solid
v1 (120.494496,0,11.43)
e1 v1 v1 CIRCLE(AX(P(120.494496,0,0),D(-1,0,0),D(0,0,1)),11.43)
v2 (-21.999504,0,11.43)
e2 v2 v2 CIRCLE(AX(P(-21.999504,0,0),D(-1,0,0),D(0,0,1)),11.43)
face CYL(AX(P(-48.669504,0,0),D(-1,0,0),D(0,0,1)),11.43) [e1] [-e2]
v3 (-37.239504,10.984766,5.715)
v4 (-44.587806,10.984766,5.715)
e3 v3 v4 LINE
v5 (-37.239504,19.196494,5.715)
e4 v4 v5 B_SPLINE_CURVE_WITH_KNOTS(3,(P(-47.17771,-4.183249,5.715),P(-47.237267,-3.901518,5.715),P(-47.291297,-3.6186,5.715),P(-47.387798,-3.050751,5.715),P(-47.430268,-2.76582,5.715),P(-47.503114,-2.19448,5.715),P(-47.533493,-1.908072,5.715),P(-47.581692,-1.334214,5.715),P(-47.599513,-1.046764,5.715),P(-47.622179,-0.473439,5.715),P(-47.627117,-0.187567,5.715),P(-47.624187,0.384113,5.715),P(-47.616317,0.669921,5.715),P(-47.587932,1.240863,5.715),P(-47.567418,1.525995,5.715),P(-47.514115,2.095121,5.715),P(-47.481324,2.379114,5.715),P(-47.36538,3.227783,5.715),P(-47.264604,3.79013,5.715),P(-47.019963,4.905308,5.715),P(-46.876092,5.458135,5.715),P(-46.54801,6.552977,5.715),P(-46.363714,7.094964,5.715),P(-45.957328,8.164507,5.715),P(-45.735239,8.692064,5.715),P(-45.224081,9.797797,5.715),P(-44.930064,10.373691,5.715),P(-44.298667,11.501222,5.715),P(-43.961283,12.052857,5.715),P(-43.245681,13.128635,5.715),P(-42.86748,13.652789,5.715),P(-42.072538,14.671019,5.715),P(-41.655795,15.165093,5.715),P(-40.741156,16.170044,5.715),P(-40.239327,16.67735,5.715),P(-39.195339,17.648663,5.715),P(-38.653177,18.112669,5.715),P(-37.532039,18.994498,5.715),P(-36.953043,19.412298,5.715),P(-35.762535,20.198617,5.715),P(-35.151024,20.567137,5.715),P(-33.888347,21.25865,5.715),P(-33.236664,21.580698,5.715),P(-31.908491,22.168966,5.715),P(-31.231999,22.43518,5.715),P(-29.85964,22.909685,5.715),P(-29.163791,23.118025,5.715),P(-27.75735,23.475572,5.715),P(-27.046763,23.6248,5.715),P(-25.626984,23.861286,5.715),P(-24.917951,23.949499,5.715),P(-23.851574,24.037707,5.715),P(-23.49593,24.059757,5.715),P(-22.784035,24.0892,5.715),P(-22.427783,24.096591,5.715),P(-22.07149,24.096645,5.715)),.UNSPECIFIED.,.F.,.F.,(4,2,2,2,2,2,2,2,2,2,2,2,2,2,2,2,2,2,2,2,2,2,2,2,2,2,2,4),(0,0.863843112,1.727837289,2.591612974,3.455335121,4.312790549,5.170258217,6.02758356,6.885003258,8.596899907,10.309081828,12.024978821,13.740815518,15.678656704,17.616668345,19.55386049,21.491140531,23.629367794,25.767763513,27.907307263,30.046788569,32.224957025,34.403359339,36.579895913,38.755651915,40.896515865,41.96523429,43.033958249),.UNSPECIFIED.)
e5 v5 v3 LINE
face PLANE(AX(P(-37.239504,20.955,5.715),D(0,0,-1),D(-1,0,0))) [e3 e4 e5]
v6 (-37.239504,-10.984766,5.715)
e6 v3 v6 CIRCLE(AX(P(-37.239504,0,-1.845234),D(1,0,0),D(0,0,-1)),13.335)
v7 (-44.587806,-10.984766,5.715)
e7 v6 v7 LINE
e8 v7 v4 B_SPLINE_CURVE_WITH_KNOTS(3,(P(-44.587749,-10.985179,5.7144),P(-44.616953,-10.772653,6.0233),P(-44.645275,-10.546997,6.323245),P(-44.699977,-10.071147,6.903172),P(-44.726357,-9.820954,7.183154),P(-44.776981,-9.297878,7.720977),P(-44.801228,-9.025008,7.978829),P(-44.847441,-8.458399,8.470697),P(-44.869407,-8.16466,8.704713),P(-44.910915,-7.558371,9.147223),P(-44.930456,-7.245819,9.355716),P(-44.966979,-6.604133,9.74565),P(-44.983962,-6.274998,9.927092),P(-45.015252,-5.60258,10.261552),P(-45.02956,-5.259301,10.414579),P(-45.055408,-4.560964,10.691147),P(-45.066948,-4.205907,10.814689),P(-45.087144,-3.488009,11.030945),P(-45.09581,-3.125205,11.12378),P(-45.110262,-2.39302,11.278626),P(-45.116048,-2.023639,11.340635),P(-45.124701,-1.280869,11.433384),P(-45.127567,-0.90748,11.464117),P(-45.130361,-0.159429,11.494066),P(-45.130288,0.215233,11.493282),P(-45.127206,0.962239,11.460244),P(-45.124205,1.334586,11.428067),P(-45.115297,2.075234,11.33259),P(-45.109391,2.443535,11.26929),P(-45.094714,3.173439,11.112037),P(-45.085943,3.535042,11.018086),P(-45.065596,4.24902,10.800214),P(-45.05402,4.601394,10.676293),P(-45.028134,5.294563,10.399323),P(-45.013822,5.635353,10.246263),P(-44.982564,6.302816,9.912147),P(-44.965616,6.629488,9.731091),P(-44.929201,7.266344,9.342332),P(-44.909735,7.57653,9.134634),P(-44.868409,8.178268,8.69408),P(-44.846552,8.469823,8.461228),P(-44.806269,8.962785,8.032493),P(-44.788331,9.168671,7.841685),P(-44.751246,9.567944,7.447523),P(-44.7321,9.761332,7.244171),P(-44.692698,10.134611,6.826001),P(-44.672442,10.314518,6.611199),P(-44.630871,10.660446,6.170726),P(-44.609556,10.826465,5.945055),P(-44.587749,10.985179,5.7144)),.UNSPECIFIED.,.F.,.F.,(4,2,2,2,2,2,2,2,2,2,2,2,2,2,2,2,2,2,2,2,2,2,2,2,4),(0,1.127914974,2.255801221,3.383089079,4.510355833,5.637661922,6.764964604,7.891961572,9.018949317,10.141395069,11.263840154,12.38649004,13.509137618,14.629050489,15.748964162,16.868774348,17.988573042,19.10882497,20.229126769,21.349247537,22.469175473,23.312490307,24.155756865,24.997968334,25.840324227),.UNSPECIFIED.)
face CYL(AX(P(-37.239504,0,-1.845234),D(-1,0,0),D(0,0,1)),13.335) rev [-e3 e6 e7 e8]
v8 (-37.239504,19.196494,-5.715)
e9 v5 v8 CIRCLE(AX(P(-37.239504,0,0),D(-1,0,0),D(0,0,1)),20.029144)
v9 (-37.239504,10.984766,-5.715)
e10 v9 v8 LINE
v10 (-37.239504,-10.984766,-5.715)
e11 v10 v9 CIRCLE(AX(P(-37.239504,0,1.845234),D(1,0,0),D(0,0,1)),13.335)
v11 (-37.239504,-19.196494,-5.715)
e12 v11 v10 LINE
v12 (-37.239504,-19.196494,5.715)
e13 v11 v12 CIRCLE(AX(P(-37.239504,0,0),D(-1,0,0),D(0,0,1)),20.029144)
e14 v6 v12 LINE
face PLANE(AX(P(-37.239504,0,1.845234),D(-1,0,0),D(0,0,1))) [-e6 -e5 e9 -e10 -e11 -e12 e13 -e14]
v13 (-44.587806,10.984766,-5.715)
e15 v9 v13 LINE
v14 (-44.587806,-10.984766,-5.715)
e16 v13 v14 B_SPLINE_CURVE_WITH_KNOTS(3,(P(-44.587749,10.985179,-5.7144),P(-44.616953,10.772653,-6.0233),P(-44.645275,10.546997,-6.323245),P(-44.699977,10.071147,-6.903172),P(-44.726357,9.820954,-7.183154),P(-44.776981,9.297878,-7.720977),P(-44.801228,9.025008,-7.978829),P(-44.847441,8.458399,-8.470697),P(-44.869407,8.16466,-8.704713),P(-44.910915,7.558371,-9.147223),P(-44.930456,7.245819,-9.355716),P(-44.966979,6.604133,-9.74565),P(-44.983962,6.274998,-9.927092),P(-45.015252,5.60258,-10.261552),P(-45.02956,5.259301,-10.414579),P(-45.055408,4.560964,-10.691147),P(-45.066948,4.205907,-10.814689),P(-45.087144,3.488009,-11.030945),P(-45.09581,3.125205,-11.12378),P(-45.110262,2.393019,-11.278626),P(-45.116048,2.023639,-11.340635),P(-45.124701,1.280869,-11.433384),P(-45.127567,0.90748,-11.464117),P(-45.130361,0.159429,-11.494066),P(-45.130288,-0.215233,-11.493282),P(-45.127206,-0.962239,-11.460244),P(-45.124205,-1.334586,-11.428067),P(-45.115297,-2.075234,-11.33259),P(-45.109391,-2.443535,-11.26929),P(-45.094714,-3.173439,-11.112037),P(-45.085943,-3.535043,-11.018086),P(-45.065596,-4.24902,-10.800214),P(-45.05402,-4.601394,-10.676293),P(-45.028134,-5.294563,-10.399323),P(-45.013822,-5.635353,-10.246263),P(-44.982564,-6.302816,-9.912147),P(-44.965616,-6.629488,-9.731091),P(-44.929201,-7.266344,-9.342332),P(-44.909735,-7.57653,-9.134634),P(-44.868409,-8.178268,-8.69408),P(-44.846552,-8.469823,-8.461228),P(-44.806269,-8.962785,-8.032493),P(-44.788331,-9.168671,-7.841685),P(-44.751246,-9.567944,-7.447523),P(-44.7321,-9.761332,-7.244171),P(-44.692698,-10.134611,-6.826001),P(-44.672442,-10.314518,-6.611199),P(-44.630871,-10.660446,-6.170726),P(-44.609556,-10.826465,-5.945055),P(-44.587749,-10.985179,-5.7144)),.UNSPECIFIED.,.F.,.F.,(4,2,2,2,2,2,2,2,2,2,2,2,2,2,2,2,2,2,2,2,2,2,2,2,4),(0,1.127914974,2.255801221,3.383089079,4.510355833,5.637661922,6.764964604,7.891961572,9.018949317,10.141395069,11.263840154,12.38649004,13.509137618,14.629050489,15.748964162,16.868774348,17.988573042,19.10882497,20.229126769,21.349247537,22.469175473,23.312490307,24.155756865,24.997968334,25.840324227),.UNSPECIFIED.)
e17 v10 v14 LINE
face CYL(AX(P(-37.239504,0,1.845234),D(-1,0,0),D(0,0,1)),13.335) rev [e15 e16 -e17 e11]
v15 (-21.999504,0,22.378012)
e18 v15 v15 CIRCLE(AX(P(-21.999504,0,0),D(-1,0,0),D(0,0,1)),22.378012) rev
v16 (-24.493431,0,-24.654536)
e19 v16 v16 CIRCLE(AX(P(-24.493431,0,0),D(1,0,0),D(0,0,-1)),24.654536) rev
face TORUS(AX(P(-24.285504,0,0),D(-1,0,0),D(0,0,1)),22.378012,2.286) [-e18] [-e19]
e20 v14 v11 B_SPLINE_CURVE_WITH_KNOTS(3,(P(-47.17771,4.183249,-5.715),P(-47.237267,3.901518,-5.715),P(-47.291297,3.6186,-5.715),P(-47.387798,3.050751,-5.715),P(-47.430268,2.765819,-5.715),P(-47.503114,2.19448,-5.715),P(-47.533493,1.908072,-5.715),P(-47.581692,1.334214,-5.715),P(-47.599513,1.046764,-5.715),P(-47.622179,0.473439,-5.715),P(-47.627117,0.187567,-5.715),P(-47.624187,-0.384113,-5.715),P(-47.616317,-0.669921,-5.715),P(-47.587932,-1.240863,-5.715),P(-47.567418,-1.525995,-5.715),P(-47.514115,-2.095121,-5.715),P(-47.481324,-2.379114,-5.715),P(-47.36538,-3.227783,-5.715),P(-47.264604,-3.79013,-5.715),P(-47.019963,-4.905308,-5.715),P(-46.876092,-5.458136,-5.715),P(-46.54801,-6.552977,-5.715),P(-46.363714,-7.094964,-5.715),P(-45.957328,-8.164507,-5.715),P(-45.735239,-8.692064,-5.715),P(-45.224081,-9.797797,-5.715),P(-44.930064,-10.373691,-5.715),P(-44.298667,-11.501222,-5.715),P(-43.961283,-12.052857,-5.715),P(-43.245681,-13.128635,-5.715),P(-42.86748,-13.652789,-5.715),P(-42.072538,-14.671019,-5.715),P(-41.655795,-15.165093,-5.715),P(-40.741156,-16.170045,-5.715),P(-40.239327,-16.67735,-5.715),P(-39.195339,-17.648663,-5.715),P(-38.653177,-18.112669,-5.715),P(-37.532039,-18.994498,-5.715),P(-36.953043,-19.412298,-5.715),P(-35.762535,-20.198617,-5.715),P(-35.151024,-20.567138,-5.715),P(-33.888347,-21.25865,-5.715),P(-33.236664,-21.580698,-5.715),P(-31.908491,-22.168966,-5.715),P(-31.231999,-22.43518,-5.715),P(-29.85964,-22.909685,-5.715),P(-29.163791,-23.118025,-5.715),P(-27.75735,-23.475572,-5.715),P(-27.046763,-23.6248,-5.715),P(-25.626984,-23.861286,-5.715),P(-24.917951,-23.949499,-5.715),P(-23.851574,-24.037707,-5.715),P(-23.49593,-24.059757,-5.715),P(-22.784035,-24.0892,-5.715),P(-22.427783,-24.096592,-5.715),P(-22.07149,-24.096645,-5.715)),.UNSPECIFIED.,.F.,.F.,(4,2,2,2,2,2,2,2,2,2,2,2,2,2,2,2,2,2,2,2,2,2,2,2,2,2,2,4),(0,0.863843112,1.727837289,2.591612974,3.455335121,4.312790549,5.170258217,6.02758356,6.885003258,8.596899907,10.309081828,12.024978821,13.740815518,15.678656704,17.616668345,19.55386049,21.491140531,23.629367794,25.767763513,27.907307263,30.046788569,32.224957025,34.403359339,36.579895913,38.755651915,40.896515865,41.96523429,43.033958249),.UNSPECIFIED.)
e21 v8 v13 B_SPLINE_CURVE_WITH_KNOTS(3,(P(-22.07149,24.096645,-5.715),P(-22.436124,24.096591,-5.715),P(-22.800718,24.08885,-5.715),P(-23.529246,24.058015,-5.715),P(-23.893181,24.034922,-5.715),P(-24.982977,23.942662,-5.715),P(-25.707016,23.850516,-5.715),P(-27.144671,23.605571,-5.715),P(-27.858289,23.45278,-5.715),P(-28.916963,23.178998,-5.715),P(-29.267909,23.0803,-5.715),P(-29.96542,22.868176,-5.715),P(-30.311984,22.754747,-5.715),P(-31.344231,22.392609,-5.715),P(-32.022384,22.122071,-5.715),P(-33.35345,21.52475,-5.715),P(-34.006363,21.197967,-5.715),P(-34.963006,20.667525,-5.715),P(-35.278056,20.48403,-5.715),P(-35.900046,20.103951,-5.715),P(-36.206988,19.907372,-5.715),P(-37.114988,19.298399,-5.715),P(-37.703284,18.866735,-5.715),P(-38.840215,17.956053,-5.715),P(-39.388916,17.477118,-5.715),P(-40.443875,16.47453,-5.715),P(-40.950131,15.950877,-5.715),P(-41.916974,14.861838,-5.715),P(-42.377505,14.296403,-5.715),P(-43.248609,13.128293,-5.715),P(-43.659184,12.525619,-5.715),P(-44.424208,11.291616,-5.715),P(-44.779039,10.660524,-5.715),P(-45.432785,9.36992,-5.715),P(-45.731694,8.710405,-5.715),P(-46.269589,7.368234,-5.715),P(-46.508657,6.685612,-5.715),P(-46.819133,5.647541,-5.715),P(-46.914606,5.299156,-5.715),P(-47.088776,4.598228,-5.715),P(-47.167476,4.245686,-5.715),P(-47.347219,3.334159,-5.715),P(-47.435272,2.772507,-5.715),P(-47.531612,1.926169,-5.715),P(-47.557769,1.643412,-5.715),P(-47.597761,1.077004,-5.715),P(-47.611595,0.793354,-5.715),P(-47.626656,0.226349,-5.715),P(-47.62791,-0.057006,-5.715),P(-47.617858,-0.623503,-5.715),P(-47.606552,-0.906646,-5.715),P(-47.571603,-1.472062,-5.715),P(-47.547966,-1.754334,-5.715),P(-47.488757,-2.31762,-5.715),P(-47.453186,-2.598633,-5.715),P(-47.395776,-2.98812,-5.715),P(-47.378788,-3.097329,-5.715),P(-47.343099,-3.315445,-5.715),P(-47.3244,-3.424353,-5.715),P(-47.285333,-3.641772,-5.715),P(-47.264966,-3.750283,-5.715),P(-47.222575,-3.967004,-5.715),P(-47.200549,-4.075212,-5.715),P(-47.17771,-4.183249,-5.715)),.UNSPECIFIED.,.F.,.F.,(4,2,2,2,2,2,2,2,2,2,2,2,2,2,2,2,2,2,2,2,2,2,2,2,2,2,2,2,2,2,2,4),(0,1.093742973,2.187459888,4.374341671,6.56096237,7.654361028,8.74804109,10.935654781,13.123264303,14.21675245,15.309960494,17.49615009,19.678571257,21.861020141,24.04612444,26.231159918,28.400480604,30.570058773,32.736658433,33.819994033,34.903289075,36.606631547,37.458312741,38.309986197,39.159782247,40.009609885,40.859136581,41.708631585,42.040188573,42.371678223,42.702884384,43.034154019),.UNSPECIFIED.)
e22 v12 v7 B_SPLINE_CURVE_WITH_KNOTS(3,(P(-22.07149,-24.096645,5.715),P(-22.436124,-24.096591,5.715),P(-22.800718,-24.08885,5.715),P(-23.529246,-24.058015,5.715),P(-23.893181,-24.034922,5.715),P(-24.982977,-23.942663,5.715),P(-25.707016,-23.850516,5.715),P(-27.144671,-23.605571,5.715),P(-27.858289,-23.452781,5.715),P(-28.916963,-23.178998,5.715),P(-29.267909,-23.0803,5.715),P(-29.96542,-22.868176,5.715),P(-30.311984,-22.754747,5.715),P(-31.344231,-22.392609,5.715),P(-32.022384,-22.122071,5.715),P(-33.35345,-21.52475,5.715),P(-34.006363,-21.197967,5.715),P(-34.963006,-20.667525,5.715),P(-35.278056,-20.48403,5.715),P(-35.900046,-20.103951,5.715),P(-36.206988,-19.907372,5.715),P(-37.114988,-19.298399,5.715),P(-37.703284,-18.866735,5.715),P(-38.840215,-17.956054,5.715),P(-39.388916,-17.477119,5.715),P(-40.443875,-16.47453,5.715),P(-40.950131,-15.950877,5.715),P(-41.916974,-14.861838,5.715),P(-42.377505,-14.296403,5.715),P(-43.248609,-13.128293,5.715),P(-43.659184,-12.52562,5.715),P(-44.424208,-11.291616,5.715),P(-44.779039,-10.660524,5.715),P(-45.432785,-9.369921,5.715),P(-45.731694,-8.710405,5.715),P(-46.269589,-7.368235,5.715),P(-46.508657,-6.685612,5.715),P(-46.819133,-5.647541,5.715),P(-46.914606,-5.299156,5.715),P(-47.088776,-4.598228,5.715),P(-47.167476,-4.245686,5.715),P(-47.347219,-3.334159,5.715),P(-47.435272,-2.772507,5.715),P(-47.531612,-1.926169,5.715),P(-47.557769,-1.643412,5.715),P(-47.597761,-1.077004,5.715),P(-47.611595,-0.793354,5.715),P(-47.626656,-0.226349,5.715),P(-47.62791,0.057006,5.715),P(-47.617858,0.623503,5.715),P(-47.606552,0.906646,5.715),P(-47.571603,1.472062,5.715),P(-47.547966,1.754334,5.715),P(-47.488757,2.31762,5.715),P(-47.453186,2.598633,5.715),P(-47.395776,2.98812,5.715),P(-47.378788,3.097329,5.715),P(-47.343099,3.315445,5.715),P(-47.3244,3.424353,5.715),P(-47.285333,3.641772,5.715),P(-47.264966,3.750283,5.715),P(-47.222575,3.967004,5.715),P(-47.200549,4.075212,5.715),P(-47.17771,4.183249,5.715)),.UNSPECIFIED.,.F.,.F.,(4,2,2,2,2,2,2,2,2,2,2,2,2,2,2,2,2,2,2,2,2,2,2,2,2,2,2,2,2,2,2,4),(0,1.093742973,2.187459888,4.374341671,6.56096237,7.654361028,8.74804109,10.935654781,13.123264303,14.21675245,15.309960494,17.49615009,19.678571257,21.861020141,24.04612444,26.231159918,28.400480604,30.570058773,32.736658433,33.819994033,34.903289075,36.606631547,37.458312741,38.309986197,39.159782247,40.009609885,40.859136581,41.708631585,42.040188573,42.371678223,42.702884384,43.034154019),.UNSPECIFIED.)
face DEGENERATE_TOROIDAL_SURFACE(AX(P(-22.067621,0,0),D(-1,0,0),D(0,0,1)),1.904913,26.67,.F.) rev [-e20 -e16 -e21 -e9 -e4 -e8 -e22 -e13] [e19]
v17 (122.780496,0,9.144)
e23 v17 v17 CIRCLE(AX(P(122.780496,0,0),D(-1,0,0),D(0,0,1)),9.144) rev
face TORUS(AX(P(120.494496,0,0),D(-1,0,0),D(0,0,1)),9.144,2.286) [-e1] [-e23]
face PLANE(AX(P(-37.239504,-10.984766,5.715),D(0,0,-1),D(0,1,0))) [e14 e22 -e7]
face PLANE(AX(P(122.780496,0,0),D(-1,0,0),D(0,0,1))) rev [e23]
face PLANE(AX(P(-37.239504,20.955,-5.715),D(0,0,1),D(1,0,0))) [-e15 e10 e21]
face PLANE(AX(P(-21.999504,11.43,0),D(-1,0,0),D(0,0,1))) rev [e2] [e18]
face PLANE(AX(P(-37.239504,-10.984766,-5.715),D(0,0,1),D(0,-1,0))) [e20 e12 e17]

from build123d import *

# Parameters (mm, degrees)
CUT_EXTRUDE1_DEPTH = 3.81
FILLET1_R          = 0.762
SCALE1_SCALE       = 3


with BuildPart() as part:
    # Sketch1 → Revolve1 (revolve)
    with BuildSketch(Plane.XY, mode=Mode.PRIVATE) as revolve1_sk:
        with BuildLine():
            Line((0, 0), (57.15, 0))
            Line((57.15, 0), (57.15, 3.81))
            Line((57.15, 3.81), (8.89, 3.81))
            Line((8.89, 3.81), (8.89, 8.255))
            ThreePointArc((8.89, 8.255), (2.818084231, 5.879563136), (0, 0))
        make_face()
    revolve(revolve1_sk.sketch.rotate(Axis((0, 0, 0), (1, 0, 0)), 90), axis=Axis((0, 0, 0), (1, 0, 0)))

    # Sketch3 → Cut-Extrude1 (cut)
    with BuildSketch(Plane(origin=(0, 0, 0), x_dir=(0, 0, -1), z_dir=(1, 0, 0))):
        with BuildLine():
            Line((1.905, -3.661588624), (1.905, -6.985))
            Line((1.905, -6.985), (-1.905, -6.985))
            Line((-1.905, -6.985), (-1.905, -3.661588624))
            ThreePointArc((-1.905, -3.661588624), (-3.829921876, 0), (-1.905, 3.661588624))
            Line((-1.905, 3.661588624), (-1.905, 6.985))
            Line((-1.905, 6.985), (1.905, 6.985))
            Line((1.905, 6.985), (1.905, 3.661588624))
            ThreePointArc((1.905, 3.661588624), (3.829921876, 0), (1.905, -3.661588624))
        make_face()
    extrude(amount=CUT_EXTRUDE1_DEPTH, mode=Mode.SUBTRACT)

    # Fillet1
    fillet1_edges = [part.edges().sort_by_distance(p)[0] for p in [
        (8.89, 0, -8.255),
        (57.15, 0, -3.81),
    ]]
    fillet(fillet1_edges, radius=FILLET1_R)


with BuildPart() as part_1:
    # Scale1: scaled about (24.334751601, 6e-09, -5e-09)
    add(part.part.scale(SCALE1_SCALE).moved(Location((-48.669503202, -1.2e-08, 1e-08))))


solid = part_1.part
